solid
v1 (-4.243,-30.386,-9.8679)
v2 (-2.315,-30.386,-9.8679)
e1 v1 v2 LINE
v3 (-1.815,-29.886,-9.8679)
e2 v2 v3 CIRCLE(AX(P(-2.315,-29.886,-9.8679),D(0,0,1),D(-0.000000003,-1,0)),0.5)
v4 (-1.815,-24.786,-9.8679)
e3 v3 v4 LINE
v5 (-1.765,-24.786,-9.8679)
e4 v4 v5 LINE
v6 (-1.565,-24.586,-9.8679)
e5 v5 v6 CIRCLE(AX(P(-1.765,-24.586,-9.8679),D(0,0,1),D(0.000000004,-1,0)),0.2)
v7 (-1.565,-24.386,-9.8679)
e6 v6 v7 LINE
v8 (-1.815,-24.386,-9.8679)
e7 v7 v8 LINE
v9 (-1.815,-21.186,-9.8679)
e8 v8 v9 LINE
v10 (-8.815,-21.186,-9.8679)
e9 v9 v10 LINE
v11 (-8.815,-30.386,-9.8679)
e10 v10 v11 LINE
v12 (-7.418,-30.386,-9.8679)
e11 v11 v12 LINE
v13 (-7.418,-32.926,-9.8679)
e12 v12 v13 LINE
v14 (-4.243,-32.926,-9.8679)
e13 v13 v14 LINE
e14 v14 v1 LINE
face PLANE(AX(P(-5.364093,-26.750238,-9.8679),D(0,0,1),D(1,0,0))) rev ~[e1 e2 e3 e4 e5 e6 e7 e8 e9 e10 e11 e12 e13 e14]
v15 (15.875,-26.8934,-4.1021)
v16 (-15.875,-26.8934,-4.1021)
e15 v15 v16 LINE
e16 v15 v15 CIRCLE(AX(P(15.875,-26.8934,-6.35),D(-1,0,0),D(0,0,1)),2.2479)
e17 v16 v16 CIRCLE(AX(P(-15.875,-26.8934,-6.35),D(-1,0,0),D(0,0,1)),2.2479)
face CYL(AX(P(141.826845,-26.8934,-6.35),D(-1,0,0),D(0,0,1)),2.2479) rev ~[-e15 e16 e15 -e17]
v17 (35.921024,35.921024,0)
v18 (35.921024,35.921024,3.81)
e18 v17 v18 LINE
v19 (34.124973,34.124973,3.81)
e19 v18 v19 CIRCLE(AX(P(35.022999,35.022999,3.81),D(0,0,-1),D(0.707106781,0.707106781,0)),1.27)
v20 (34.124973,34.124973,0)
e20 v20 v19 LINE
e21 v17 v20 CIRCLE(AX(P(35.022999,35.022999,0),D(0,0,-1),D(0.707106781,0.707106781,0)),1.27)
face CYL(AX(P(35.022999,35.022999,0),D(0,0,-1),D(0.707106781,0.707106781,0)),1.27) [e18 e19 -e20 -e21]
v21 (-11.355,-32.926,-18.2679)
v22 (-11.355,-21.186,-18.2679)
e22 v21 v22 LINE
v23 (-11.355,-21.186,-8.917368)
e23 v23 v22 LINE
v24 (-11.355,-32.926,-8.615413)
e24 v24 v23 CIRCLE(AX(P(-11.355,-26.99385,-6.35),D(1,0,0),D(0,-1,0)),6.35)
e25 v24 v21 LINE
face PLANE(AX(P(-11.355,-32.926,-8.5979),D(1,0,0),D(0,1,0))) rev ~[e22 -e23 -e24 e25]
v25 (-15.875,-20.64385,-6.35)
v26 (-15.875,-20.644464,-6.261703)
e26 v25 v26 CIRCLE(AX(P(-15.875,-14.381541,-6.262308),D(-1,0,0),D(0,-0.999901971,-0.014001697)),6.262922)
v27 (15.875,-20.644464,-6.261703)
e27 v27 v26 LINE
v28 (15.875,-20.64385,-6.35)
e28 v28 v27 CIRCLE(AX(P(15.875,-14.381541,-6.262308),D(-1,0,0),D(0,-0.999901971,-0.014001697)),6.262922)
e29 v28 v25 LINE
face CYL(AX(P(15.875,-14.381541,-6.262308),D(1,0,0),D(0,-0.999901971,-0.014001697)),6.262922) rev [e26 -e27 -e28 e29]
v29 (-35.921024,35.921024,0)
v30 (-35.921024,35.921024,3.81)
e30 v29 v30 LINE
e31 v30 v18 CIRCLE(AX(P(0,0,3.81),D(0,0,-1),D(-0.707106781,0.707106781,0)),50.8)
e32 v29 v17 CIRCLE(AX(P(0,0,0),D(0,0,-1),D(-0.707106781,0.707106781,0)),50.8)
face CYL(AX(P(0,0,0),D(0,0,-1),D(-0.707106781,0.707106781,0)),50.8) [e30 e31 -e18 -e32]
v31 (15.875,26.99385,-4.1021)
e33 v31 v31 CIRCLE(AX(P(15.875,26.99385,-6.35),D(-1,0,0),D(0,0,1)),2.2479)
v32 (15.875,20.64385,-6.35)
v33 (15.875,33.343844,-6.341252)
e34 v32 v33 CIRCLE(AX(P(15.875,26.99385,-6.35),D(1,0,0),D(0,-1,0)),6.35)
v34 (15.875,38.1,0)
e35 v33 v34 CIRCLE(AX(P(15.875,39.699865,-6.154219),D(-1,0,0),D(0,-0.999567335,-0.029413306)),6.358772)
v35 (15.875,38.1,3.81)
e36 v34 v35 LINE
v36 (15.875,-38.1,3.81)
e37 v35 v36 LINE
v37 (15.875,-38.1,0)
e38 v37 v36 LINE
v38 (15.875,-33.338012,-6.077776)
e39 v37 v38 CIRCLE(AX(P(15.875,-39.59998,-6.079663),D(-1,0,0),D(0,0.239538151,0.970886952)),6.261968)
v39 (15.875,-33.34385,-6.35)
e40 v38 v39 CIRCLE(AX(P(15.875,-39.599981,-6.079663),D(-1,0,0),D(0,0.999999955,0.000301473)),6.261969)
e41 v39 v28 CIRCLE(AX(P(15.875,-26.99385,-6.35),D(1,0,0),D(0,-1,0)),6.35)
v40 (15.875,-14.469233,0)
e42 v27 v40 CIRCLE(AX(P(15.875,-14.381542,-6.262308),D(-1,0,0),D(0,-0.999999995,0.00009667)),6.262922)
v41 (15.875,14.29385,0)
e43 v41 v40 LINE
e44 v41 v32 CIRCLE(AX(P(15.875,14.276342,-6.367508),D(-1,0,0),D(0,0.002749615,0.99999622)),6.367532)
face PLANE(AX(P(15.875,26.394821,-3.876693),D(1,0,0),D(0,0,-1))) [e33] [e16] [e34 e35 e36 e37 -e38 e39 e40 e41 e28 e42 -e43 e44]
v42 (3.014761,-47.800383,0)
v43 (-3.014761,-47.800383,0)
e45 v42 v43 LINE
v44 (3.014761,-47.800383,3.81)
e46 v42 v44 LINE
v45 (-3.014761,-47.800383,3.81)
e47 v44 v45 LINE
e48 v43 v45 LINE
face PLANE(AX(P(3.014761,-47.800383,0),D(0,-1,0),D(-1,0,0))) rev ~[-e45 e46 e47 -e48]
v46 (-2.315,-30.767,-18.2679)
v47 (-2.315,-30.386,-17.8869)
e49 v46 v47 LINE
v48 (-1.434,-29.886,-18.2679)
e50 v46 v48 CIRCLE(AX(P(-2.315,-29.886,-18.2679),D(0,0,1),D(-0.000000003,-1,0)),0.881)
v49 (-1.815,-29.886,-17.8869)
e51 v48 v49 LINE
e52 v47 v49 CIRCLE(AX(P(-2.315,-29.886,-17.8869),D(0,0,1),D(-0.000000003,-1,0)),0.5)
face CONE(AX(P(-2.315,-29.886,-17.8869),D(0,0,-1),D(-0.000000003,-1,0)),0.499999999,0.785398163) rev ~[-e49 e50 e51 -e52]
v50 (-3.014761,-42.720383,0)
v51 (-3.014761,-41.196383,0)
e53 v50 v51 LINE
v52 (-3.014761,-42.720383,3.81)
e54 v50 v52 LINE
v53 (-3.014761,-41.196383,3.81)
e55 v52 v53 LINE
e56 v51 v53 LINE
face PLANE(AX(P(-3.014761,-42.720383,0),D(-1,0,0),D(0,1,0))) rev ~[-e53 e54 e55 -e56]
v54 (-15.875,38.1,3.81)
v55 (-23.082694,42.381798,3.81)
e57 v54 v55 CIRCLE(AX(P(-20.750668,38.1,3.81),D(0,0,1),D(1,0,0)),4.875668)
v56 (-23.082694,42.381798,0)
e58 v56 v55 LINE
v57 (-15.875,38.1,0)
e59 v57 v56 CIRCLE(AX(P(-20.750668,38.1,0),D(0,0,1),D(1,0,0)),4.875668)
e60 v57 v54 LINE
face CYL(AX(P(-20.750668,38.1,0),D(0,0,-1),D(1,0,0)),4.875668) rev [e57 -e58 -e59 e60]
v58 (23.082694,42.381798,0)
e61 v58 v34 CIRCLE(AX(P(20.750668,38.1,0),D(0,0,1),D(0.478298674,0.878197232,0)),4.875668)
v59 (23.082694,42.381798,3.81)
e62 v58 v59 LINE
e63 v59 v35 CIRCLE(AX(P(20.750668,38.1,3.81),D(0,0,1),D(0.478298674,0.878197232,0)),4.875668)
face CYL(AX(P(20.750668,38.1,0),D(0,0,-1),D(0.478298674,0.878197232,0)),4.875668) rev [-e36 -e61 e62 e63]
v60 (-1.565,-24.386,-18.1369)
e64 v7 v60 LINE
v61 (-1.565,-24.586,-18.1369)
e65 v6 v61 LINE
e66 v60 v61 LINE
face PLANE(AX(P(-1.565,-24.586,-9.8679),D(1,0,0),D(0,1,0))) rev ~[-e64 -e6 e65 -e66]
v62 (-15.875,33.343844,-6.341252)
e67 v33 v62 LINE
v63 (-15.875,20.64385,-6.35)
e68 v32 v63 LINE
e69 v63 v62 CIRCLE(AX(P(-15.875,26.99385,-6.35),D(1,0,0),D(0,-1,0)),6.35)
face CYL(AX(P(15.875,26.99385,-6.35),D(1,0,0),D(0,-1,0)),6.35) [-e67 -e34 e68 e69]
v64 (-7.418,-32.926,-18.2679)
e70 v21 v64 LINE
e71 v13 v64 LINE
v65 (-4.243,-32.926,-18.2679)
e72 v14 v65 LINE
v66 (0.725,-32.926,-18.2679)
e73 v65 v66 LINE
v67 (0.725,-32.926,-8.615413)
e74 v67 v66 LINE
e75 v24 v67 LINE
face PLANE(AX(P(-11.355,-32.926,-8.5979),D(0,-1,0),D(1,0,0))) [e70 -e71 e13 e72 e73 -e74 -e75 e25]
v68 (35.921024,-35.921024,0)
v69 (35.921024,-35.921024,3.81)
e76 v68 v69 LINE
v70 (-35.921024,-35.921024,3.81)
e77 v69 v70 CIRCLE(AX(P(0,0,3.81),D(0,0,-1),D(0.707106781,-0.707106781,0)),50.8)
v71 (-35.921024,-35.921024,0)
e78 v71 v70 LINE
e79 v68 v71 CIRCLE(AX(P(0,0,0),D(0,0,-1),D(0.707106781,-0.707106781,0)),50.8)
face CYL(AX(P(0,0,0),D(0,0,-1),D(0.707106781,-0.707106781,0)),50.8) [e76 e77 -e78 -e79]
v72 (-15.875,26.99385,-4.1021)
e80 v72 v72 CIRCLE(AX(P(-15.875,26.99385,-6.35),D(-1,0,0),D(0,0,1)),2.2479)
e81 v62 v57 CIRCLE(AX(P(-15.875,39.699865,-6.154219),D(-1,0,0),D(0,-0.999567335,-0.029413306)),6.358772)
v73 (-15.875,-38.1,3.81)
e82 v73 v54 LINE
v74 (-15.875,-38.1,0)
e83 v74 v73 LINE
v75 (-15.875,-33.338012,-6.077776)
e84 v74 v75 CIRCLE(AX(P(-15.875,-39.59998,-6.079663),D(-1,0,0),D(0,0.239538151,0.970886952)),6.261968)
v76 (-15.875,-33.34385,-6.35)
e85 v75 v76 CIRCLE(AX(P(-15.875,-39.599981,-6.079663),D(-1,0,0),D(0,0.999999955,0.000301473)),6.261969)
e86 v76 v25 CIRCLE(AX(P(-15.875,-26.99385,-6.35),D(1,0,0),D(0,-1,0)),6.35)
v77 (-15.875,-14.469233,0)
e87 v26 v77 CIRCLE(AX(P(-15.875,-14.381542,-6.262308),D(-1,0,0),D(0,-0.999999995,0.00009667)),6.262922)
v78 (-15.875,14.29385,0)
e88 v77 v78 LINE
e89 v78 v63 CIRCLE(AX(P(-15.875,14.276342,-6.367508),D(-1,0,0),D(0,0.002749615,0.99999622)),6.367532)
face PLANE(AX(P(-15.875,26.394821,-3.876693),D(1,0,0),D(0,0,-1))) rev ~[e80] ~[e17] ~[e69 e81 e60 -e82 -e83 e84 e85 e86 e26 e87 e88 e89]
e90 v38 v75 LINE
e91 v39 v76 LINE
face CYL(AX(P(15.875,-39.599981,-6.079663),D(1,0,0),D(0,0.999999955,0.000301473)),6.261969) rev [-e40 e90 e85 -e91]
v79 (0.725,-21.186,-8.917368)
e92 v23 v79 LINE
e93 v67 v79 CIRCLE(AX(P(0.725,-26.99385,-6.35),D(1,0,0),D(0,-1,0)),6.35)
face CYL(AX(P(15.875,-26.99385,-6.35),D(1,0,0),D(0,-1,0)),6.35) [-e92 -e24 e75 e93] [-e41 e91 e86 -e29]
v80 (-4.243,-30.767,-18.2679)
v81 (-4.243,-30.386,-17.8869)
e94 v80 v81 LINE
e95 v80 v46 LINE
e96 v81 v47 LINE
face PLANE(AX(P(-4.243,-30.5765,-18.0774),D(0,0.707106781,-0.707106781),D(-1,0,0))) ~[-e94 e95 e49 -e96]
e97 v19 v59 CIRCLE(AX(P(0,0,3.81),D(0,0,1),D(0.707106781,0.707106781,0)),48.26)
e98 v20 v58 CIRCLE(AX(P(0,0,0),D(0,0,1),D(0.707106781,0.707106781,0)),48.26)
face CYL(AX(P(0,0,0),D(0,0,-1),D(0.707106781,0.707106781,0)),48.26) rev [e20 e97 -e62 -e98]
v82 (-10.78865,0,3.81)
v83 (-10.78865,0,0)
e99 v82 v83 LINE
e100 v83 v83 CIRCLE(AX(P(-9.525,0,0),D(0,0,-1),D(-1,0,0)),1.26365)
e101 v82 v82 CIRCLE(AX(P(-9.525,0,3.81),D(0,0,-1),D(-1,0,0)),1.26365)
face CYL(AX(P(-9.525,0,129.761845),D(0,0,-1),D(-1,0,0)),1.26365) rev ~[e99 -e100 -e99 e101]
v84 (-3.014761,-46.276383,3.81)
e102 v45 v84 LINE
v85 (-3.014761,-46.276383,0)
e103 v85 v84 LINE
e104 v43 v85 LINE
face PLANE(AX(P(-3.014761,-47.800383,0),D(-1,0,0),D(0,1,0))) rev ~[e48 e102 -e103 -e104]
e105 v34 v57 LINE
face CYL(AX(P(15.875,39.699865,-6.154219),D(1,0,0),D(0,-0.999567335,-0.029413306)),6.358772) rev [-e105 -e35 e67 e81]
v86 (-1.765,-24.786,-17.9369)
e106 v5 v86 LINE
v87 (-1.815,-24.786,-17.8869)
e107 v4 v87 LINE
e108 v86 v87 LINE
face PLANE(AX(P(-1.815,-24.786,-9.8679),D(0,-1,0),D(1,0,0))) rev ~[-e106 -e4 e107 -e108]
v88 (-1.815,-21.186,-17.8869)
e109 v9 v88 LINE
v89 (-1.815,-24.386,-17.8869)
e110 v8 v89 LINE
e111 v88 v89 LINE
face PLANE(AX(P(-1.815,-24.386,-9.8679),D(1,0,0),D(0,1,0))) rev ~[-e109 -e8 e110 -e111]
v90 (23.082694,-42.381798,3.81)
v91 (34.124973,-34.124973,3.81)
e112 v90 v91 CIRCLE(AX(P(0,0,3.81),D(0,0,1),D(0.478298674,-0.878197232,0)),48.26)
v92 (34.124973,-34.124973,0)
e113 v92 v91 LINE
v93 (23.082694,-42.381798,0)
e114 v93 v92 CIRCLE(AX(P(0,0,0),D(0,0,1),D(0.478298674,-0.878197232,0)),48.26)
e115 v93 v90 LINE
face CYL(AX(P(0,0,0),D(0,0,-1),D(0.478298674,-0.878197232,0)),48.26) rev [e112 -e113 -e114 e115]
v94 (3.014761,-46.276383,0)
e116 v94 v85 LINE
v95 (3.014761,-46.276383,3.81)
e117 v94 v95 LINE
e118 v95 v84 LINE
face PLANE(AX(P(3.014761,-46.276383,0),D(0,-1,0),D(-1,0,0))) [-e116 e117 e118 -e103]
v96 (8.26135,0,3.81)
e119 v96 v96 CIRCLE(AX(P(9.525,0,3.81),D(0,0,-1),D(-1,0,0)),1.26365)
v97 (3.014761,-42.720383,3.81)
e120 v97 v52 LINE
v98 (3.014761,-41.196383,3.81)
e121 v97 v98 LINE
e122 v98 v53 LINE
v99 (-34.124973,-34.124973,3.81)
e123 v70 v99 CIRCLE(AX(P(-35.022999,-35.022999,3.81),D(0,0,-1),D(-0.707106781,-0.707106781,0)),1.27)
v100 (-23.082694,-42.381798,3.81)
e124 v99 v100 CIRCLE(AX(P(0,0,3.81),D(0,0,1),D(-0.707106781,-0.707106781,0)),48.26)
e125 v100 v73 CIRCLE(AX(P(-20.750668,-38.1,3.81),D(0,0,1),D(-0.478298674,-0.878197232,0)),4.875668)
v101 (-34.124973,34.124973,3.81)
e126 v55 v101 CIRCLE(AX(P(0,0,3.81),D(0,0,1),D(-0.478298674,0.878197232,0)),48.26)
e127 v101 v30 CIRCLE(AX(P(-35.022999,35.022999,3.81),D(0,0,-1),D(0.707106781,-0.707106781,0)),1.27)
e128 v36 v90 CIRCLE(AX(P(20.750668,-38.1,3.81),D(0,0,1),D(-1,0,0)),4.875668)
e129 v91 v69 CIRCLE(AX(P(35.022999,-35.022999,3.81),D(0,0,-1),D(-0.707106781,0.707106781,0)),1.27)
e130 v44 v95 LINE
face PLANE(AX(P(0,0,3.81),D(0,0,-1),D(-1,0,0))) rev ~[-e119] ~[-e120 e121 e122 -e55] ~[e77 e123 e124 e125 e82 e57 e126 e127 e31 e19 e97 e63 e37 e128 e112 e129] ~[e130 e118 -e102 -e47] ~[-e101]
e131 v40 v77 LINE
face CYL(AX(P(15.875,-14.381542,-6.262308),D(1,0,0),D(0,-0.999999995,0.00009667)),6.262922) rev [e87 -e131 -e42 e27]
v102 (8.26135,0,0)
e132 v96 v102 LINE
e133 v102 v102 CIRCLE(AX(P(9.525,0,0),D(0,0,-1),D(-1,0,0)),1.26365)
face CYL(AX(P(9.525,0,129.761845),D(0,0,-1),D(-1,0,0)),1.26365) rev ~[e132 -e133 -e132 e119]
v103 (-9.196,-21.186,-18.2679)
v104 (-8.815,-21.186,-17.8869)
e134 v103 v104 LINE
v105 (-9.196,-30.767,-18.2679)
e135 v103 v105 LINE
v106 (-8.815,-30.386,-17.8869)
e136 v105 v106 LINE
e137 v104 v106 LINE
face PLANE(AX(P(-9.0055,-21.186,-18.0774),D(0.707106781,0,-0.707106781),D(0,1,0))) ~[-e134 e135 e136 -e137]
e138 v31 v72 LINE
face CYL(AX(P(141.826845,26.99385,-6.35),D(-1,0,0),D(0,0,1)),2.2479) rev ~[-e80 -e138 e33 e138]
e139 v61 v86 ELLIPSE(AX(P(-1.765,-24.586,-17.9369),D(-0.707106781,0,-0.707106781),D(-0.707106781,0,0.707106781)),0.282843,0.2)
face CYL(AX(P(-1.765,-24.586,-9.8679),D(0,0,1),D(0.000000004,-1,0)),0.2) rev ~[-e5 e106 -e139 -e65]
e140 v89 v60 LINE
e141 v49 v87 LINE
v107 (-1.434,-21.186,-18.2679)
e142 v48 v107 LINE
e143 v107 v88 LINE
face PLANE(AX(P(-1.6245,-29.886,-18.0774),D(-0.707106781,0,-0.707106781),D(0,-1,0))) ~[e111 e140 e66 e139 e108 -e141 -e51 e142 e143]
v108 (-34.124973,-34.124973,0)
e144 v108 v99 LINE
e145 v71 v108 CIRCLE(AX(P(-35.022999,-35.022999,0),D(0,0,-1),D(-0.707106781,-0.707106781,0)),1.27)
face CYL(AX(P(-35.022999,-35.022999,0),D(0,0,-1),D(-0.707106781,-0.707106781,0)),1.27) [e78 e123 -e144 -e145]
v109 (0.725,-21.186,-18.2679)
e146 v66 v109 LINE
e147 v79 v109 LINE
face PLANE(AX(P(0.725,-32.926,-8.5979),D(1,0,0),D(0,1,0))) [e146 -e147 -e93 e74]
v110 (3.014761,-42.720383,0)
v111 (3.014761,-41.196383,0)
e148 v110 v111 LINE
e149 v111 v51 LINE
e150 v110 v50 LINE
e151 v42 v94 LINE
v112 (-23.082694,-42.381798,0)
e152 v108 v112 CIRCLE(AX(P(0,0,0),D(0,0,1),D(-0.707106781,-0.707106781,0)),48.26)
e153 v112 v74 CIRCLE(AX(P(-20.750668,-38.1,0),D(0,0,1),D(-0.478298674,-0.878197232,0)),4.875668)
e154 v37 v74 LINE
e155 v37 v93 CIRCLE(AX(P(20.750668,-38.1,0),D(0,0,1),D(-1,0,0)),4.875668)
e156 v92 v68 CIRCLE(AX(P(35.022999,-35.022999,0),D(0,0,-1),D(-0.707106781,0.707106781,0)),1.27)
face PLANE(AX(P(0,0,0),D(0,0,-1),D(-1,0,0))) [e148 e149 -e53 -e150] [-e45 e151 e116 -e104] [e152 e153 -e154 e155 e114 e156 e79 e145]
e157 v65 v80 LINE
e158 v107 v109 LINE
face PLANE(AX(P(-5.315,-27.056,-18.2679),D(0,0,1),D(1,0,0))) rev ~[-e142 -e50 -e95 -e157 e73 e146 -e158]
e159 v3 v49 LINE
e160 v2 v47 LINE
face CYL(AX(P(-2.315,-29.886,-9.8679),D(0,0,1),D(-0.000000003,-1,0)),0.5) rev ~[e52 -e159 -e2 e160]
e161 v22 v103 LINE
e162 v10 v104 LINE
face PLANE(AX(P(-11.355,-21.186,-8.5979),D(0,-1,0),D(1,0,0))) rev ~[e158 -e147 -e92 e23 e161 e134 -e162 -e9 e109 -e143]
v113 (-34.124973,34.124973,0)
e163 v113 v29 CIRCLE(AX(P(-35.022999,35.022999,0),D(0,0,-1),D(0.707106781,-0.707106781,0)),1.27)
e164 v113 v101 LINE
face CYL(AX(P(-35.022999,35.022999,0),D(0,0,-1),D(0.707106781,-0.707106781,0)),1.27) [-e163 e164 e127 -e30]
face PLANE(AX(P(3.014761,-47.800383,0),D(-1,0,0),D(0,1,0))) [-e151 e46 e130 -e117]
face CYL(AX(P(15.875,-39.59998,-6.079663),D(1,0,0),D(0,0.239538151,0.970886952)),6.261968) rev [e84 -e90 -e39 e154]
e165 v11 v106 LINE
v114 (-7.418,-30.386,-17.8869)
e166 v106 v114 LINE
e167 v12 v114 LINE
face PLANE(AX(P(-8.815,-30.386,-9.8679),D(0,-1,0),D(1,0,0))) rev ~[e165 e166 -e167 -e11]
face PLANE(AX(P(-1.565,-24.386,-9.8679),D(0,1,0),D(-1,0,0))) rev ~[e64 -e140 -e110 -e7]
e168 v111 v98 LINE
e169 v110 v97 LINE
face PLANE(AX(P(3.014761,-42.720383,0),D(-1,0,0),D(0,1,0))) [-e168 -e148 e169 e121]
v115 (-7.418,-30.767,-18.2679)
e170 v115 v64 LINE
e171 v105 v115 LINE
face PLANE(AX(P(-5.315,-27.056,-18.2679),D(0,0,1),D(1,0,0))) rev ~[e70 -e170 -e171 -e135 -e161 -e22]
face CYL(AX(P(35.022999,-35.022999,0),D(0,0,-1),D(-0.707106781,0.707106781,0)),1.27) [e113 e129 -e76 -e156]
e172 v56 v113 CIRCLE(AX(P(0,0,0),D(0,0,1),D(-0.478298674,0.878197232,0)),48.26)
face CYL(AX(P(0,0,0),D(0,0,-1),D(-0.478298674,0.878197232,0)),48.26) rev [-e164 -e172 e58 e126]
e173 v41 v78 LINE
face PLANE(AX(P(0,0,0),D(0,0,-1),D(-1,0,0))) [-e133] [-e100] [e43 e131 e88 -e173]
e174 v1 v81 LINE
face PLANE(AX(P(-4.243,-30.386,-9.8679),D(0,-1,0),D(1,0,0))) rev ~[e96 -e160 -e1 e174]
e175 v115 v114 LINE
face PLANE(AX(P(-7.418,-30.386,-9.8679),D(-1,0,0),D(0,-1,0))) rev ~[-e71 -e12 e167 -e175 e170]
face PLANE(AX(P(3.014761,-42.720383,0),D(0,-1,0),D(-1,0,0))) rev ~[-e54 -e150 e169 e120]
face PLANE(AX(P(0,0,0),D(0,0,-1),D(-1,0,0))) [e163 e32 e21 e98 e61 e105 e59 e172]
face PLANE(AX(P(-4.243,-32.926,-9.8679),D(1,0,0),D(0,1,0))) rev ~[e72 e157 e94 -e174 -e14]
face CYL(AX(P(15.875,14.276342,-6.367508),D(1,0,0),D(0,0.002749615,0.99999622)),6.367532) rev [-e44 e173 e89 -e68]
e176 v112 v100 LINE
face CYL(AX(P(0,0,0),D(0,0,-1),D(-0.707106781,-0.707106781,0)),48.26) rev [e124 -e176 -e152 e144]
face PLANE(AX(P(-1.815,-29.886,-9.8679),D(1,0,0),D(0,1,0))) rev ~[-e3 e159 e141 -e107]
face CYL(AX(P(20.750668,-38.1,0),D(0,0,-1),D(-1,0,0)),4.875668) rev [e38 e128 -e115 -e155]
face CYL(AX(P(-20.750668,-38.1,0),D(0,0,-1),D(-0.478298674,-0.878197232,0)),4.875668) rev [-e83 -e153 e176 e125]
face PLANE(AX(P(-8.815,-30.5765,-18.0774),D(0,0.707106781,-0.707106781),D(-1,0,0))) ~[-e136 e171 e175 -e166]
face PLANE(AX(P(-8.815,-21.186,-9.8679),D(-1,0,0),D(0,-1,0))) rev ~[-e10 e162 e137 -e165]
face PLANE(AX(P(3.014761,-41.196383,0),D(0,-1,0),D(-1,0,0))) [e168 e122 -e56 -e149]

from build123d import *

# Parameters (mm, degrees)
MAIN_BODY_DEPTH                  = 3.81
CROSS_SCREW_BOSSES_DEPTH         = 31.75
F_8_CLEARANCE_HOLE1_D            = 4.4958
BALLOON_MONOFILAMENT_HOLE_D      = 2.5273
PARACHUTE_MONOFILAMENT_HOLE_D    = 2.5273
SKETCH21_W                       = 12.08
SKETCH21_H                       = 11.74
HOT_WIRE_CUTTER_HOLDER_DEPTH     = 9.67
CUT_EXTRUDE10_START              = -1.27
CUT_EXTRUDE10_DEPTH              = 63.383576094
CHAMFER8_SIZE                    = 0.381
SKETCH22_W                       = 6.029522694
SKETCH22_H                       = 1.524
SATELLITE_CABLE_MANAGEMENT_DEPTH = 66.050272386


with BuildPart() as part:
    # Sketch3 → Main body (new body)
    with BuildSketch(Plane.XY):
        with BuildLine():
            Line((-15.875, -38.1), (-15.875, 38.1))
            ThreePointArc((-15.875, 38.1), (-18.260491841, 42.291797068), (-23.082694008, 42.38179842))
            ThreePointArc((-23.082694008, 42.38179842), (-28.900226452, 38.649767283), (-34.12497326, 34.12497326))
            ThreePointArc((-34.12497326, 34.12497326), (-35.921024484, 34.12497326), (-35.921024484, 35.921024484))
            ThreePointArc((-35.921024484, 35.921024484), (0, 50.8), (35.921024484, 35.921024484))
            ThreePointArc((35.921024484, 35.921024484), (35.921024484, 34.12497326), (34.12497326, 34.12497326))
            ThreePointArc((34.12497326, 34.12497326), (28.900226452, 38.649767283), (23.082694008, 42.38179842))
            ThreePointArc((23.082694008, 42.38179842), (18.260491841, 42.291797068), (15.875, 38.1))
            Line((15.875, 38.1), (15.875, -38.1))
            ThreePointArc((15.875, -38.1), (18.260491841, -42.291797068), (23.082694008, -42.38179842))
            ThreePointArc((23.082694008, -42.38179842), (28.900226452, -38.649767283), (34.12497326, -34.12497326))
            ThreePointArc((34.12497326, -34.12497326), (35.921024484, -34.12497326), (35.921024484, -35.921024484))
            ThreePointArc((35.921024484, -35.921024484), (0, -50.8), (-35.921024484, -35.921024484))
            ThreePointArc((-35.921024484, -35.921024484), (-35.921024484, -34.12497326), (-34.12497326, -34.12497326))
            ThreePointArc((-34.12497326, -34.12497326), (-28.900226452, -38.649767283), (-23.082694008, -42.38179842))
            ThreePointArc((-23.082694008, -42.38179842), (-18.260491841, -42.291797068), (-15.875, -38.1))
        make_face()
    extrude(amount=MAIN_BODY_DEPTH)

    # Sketch5 → Cross screw bosses (add)
    with BuildSketch(Plane(origin=(15.875, 0, 0), x_dir=(0, 0, -1), z_dir=(1, 0, 0))):
        with BuildLine():
            Line((0, 38.1), (0, 26.99385))
            Line((0, 26.99385), (0, 14.29385))
            ThreePointArc((0, 14.29385), (1.86498297, 18.77886703), (6.35, 20.64385))
            ThreePointArc((6.35, 20.64385), (12.699998494, 26.998224058), (6.341251887, 33.343843974))
            ThreePointArc((6.341251887, 33.343843974), (2.338844583, 34.612930799), (0, 38.1))
        make_face()
        with BuildLine():
            ThreePointArc((6.261703048, -20.644463916), (1.864650947, -18.840779739), (0, -14.469233029))
            Line((0, -14.469233029), (0, -26.99385))
            Line((0, -26.99385), (0, -38.1))
            ThreePointArc((0, -38.1), (2.217611083, -34.670801888), (6.077775616, -33.338012189))
            ThreePointArc((6.077775616, -33.338012189), (6.213919542, -33.33945129), (6.35, -33.34385))
            ThreePointArc((6.35, -33.34385), (12.7, -26.99385), (6.35, -20.64385))
            ThreePointArc((6.35, -20.64385), (6.305852606, -20.644312569), (6.261703048, -20.644463916))
        make_face()
    extrude(amount=-CROSS_SCREW_BOSSES_DEPTH)

    # 8 Clearance Hole1 (through all)
    with Locations(Plane(origin=(15.875, 0, 0), x_dir=(0, 0, -1), z_dir=(1, 0, 0))):
        with Locations((6.35, 26.99385), (6.35, -26.893399733)):
            Hole(F_8_CLEARANCE_HOLE1_D / 2)

    # Balloon monofilament hole (through all)
    with Locations(Plane.XY.offset(3.81)):
        with Locations((-9.525, 0)):
            Hole(BALLOON_MONOFILAMENT_HOLE_D / 2)

    # Parachute monofilament hole (through all)
    with Locations(Plane.XY.offset(3.81)):
        with Locations((9.525, 0)):
            Hole(PARACHUTE_MONOFILAMENT_HOLE_D / 2)

    # Sketch21 → Hot wire cutter holder (add)
    with BuildSketch(Plane.XY.offset(-8.5979)):
        with Locations((-5.315, -27.056)):
            Rectangle(SKETCH21_W, SKETCH21_H)
    extrude(amount=-HOT_WIRE_CUTTER_HOLDER_DEPTH)

    # Sketch21_10 → Cut-Extrude10 (cut, through all)
    with BuildSketch(Plane.XY.offset(-8.5979).offset(CUT_EXTRUDE10_START)):
        with BuildLine():
            Line((-4.243, -30.386), (-2.315, -30.386))
            ThreePointArc((-2.315, -30.386), (-1.961446609, -30.239553391), (-1.815, -29.886))
            Line((-1.815, -29.886), (-1.815, -24.786))
            Line((-1.815, -24.786), (-1.765, -24.786))
            ThreePointArc((-1.765, -24.786), (-1.623578644, -24.727421356), (-1.565, -24.586))
            Line((-1.565, -24.586), (-1.565, -24.386))
            Line((-1.565, -24.386), (-1.815, -24.386))
            Line((-1.815, -24.386), (-1.815, -21.186))
            Line((-1.815, -21.186), (-8.815, -21.186))
            Line((-8.815, -21.186), (-8.815, -30.386))
            Line((-8.815, -30.386), (-7.418, -30.386))
            Line((-7.418, -30.386), (-7.418, -32.926))
            Line((-7.418, -32.926), (-4.243, -32.926))
            Line((-4.243, -32.926), (-4.243, -30.386))
        make_face()
    extrude(amount=-CUT_EXTRUDE10_DEPTH, mode=Mode.SUBTRACT)

    # Chamfer8
    chamfer8_edges = [part.edges().sort_by_distance(p)[0] for p in [
        (-8.1165, -30.386, -18.2679),
        (-8.815, -25.786, -18.2679),
        (-3.279, -30.386, -18.2679),
        (-1.961446609, -30.239553391, -18.2679),
        (-1.815, -27.336, -18.2679),
    ]]
    chamfer(chamfer8_edges, length=CHAMFER8_SIZE)

    # Sketch22 → satellite cable management (cut, through all)
    with BuildSketch(Plane(origin=(0, 0, 0), x_dir=(-1, 0, 0), z_dir=(0, 0, -1))):
        with Locations((0, -47.038383029)):
            Rectangle(SKETCH22_W, SKETCH22_H)
        with Locations((0, -41.958383029)):
            Rectangle(SKETCH22_W, SKETCH22_H)
    extrude(amount=-SATELLITE_CABLE_MANAGEMENT_DEPTH, mode=Mode.SUBTRACT)


solid = part.part
